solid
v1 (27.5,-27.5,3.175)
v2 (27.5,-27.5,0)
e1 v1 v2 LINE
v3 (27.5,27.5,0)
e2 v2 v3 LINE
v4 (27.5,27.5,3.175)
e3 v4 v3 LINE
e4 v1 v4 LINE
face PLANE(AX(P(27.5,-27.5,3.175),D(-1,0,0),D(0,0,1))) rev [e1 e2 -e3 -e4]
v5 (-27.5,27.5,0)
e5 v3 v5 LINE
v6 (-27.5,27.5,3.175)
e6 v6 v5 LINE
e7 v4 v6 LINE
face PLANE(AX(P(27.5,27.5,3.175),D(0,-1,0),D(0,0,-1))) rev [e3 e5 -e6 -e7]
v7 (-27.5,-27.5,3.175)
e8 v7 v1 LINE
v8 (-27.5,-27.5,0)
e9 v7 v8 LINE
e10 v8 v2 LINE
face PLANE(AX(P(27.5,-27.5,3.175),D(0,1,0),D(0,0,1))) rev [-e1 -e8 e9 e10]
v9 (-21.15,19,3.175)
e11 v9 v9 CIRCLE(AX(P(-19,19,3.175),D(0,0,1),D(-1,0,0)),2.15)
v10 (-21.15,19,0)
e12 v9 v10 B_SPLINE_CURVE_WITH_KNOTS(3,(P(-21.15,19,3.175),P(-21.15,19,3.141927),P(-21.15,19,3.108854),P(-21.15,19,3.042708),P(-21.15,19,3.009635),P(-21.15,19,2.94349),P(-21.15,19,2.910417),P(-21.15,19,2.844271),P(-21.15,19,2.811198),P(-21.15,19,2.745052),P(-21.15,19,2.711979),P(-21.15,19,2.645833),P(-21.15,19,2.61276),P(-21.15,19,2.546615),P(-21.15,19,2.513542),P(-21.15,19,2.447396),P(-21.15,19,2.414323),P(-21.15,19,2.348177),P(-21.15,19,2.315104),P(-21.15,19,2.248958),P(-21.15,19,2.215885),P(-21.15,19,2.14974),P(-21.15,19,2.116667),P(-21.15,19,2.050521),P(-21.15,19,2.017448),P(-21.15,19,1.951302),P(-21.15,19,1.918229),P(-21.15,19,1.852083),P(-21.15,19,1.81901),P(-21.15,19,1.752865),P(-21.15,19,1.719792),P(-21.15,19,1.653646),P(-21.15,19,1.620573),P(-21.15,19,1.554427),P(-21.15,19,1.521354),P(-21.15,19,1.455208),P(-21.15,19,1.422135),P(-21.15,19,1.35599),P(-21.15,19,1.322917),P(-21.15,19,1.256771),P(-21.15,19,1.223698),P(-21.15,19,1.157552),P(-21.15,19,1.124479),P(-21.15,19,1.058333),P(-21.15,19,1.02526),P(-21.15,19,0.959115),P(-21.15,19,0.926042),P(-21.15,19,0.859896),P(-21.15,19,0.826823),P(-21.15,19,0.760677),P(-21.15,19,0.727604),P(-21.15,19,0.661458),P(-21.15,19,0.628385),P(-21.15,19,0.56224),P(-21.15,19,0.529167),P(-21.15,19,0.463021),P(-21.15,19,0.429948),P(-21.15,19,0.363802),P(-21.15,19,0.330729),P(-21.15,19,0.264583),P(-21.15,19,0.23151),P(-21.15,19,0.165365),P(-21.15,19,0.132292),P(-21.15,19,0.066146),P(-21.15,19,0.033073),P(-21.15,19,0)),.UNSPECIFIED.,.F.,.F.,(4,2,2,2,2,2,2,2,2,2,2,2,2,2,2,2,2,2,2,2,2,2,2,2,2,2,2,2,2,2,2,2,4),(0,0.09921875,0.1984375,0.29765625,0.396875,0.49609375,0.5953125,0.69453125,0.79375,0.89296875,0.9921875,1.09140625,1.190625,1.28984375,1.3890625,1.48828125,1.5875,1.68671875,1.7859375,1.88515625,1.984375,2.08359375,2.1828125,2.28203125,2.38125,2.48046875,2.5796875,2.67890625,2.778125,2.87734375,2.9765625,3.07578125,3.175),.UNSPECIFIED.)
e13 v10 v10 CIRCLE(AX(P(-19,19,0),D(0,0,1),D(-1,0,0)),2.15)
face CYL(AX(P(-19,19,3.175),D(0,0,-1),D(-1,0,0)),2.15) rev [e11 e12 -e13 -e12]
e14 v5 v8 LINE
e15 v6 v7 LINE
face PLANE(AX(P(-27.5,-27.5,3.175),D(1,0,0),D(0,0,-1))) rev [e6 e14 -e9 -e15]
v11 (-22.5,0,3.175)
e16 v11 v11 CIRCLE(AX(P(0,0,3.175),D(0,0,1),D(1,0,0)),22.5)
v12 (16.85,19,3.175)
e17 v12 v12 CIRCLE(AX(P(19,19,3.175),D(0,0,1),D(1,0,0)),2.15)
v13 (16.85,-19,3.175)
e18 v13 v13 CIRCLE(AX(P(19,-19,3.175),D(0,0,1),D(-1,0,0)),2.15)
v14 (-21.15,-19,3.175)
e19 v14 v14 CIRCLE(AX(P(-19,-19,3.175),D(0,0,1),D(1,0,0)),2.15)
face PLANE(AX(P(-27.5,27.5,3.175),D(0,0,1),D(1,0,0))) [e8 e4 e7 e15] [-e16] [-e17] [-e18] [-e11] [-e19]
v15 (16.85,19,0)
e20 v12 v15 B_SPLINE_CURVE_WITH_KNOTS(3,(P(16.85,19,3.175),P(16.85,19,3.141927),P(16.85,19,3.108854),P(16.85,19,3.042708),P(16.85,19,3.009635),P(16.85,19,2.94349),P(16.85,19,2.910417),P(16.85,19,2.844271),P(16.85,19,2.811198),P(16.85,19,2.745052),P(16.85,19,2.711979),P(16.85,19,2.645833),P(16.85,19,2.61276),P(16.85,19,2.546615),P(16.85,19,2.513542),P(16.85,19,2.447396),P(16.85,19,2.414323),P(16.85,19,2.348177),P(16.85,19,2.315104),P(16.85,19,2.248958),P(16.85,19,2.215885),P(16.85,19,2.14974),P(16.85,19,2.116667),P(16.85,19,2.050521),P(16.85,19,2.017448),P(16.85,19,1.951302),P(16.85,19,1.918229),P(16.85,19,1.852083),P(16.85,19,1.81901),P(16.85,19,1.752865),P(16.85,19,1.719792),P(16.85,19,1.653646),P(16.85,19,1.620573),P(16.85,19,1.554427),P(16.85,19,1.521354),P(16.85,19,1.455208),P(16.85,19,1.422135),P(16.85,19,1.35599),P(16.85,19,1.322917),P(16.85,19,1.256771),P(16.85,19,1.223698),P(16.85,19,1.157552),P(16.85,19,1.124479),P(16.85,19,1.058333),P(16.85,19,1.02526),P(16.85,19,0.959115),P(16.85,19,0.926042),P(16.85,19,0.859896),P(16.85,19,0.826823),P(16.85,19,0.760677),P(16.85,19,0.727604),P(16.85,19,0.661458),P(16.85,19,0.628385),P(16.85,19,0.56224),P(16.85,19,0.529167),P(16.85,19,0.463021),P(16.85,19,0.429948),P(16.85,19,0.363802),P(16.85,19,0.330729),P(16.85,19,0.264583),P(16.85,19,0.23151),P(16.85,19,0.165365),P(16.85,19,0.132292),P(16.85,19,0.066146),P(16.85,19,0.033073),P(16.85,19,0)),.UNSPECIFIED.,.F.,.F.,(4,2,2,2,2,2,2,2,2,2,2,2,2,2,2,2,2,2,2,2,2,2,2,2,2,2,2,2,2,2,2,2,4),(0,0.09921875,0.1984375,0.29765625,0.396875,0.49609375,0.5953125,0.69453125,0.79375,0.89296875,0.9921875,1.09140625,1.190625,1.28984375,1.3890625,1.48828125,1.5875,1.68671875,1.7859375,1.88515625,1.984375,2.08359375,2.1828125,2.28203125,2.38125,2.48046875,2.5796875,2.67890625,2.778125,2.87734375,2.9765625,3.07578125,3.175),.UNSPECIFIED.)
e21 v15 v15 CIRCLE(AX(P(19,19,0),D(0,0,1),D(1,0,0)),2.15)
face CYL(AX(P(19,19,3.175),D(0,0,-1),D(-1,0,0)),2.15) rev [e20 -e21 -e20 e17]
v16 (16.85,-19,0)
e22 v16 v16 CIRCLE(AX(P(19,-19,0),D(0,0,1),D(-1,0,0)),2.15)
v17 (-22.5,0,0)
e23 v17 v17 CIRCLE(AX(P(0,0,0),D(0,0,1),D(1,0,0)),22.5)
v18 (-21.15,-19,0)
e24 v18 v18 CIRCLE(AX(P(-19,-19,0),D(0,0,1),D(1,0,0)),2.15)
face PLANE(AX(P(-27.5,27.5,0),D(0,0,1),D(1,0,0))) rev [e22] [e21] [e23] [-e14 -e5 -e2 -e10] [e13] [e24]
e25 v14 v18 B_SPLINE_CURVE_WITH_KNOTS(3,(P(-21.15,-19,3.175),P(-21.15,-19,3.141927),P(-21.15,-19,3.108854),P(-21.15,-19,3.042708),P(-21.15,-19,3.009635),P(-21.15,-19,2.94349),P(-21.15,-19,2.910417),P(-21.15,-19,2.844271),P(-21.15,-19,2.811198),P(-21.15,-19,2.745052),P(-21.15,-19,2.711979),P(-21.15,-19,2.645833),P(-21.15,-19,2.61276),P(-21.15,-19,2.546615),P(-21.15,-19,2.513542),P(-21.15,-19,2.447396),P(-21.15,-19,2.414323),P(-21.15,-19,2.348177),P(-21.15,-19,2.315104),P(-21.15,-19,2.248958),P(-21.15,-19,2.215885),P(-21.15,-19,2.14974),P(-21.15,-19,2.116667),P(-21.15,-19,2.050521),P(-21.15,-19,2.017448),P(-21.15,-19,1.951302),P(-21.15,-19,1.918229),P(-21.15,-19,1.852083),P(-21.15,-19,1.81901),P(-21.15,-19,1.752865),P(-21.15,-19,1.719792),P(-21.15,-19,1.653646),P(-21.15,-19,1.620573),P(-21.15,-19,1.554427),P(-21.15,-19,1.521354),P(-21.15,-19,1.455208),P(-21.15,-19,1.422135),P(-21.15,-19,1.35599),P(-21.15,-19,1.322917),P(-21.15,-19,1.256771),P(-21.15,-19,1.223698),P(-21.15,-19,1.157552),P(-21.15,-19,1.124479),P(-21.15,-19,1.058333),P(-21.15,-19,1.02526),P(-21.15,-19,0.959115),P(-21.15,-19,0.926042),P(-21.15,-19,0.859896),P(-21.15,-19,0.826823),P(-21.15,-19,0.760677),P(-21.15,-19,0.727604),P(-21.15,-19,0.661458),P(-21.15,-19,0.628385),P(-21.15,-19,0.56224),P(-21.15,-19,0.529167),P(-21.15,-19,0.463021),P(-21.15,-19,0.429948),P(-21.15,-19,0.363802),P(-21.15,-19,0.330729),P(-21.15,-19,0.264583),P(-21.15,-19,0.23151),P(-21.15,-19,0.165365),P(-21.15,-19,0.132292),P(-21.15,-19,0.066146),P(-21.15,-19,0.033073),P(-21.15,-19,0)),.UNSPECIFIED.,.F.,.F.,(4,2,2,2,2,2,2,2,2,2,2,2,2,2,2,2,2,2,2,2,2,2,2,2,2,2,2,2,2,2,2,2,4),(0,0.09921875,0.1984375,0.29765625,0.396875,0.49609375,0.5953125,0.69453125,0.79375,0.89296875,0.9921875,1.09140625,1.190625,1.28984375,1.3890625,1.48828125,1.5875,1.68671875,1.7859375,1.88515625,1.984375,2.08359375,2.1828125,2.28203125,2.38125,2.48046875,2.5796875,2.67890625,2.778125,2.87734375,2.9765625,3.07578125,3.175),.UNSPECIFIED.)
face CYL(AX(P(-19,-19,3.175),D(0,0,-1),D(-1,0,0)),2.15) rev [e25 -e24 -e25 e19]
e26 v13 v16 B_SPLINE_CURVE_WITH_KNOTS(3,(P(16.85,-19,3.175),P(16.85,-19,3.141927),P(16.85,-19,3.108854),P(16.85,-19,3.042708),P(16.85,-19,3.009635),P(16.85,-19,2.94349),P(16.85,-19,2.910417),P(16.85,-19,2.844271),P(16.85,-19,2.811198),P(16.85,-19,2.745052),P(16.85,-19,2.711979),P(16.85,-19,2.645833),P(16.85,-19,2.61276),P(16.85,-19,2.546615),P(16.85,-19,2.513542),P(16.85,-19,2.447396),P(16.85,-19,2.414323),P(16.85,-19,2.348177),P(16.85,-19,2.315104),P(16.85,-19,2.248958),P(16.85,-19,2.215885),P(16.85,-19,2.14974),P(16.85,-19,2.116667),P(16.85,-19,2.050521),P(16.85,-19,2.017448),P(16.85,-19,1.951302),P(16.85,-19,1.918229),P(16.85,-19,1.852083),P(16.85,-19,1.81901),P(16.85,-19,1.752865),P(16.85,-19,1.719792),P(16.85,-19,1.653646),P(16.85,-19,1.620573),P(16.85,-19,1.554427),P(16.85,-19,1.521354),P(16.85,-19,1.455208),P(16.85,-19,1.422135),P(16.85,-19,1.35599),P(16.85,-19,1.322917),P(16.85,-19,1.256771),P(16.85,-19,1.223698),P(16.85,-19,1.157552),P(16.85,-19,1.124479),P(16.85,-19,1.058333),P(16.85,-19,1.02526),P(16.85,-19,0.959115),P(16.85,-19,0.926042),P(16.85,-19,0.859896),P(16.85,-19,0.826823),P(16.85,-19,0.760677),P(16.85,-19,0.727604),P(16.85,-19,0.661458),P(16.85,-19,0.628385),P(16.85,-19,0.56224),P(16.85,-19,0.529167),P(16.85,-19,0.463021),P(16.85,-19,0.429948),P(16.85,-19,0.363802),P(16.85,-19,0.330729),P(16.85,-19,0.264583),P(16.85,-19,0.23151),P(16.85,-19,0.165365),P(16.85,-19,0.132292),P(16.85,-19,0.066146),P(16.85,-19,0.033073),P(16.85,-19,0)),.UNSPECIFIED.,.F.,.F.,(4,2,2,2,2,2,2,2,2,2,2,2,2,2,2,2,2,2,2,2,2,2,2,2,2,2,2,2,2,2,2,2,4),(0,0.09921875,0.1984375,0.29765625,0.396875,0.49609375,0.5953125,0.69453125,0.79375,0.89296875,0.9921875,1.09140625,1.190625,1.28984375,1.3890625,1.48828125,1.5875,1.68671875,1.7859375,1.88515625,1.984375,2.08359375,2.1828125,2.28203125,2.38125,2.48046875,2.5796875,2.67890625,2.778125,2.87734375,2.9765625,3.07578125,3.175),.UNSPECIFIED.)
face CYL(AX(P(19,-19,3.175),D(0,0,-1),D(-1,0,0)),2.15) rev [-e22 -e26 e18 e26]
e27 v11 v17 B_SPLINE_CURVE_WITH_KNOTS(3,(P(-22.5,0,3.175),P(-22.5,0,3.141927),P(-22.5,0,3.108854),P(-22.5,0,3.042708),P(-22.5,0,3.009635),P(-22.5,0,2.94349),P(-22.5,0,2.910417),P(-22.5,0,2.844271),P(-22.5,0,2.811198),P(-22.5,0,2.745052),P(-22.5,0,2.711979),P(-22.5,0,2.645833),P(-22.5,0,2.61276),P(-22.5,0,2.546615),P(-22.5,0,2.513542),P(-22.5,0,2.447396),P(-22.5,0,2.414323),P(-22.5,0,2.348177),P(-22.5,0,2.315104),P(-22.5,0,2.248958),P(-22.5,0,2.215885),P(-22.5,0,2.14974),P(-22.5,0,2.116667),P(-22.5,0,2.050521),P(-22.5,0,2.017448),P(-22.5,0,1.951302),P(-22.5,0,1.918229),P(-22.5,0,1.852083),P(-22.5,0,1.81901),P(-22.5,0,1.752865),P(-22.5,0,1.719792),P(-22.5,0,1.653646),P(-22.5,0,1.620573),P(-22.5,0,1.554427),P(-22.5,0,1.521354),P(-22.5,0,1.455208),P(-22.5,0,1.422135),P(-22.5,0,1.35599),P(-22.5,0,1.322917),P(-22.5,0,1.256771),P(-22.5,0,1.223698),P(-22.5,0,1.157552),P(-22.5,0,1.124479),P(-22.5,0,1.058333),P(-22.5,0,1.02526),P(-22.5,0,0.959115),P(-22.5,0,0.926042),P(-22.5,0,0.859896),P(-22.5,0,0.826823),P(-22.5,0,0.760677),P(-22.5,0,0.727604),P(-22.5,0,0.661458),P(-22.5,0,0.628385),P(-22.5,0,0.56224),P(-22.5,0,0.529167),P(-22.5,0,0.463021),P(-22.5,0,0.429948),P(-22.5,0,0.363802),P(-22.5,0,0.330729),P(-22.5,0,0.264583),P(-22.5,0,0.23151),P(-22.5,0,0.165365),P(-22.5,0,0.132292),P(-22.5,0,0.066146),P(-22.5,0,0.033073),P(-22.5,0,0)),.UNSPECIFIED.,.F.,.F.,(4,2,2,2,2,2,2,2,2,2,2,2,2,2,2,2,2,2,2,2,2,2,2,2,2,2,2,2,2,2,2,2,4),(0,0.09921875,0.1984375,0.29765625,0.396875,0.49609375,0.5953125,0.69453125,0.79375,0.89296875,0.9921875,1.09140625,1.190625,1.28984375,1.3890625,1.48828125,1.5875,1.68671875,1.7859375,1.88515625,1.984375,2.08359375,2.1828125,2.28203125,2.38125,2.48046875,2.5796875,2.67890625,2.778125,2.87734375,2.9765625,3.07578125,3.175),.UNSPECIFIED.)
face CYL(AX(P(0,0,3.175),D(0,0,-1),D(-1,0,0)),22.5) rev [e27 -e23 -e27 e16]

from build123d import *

# Parameters (mm, degrees)
SKETCH1_W           = 55
SKETCH1_H           = 55
SKETCH1_R           = 22.5
SKETCH1_R_2         = 2.15
BOSS_EXTRUDE1_DEPTH = 3.175


with BuildPart() as part:
    # Sketch1 → Boss-Extrude1 (new body)
    with BuildSketch(Plane.XY):
        Rectangle(SKETCH1_W, SKETCH1_H)
        Circle(SKETCH1_R, mode=Mode.SUBTRACT)
        with Locations((19, 19)):
            Circle(SKETCH1_R_2, mode=Mode.SUBTRACT)
        with Locations((19, -19)):
            Circle(SKETCH1_R_2, mode=Mode.SUBTRACT)
        with Locations((-19, -19)):
            Circle(SKETCH1_R_2, mode=Mode.SUBTRACT)
        with Locations((-19, 19)):
            Circle(SKETCH1_R_2, mode=Mode.SUBTRACT)
    extrude(amount=BOSS_EXTRUDE1_DEPTH)


solid = part.part
